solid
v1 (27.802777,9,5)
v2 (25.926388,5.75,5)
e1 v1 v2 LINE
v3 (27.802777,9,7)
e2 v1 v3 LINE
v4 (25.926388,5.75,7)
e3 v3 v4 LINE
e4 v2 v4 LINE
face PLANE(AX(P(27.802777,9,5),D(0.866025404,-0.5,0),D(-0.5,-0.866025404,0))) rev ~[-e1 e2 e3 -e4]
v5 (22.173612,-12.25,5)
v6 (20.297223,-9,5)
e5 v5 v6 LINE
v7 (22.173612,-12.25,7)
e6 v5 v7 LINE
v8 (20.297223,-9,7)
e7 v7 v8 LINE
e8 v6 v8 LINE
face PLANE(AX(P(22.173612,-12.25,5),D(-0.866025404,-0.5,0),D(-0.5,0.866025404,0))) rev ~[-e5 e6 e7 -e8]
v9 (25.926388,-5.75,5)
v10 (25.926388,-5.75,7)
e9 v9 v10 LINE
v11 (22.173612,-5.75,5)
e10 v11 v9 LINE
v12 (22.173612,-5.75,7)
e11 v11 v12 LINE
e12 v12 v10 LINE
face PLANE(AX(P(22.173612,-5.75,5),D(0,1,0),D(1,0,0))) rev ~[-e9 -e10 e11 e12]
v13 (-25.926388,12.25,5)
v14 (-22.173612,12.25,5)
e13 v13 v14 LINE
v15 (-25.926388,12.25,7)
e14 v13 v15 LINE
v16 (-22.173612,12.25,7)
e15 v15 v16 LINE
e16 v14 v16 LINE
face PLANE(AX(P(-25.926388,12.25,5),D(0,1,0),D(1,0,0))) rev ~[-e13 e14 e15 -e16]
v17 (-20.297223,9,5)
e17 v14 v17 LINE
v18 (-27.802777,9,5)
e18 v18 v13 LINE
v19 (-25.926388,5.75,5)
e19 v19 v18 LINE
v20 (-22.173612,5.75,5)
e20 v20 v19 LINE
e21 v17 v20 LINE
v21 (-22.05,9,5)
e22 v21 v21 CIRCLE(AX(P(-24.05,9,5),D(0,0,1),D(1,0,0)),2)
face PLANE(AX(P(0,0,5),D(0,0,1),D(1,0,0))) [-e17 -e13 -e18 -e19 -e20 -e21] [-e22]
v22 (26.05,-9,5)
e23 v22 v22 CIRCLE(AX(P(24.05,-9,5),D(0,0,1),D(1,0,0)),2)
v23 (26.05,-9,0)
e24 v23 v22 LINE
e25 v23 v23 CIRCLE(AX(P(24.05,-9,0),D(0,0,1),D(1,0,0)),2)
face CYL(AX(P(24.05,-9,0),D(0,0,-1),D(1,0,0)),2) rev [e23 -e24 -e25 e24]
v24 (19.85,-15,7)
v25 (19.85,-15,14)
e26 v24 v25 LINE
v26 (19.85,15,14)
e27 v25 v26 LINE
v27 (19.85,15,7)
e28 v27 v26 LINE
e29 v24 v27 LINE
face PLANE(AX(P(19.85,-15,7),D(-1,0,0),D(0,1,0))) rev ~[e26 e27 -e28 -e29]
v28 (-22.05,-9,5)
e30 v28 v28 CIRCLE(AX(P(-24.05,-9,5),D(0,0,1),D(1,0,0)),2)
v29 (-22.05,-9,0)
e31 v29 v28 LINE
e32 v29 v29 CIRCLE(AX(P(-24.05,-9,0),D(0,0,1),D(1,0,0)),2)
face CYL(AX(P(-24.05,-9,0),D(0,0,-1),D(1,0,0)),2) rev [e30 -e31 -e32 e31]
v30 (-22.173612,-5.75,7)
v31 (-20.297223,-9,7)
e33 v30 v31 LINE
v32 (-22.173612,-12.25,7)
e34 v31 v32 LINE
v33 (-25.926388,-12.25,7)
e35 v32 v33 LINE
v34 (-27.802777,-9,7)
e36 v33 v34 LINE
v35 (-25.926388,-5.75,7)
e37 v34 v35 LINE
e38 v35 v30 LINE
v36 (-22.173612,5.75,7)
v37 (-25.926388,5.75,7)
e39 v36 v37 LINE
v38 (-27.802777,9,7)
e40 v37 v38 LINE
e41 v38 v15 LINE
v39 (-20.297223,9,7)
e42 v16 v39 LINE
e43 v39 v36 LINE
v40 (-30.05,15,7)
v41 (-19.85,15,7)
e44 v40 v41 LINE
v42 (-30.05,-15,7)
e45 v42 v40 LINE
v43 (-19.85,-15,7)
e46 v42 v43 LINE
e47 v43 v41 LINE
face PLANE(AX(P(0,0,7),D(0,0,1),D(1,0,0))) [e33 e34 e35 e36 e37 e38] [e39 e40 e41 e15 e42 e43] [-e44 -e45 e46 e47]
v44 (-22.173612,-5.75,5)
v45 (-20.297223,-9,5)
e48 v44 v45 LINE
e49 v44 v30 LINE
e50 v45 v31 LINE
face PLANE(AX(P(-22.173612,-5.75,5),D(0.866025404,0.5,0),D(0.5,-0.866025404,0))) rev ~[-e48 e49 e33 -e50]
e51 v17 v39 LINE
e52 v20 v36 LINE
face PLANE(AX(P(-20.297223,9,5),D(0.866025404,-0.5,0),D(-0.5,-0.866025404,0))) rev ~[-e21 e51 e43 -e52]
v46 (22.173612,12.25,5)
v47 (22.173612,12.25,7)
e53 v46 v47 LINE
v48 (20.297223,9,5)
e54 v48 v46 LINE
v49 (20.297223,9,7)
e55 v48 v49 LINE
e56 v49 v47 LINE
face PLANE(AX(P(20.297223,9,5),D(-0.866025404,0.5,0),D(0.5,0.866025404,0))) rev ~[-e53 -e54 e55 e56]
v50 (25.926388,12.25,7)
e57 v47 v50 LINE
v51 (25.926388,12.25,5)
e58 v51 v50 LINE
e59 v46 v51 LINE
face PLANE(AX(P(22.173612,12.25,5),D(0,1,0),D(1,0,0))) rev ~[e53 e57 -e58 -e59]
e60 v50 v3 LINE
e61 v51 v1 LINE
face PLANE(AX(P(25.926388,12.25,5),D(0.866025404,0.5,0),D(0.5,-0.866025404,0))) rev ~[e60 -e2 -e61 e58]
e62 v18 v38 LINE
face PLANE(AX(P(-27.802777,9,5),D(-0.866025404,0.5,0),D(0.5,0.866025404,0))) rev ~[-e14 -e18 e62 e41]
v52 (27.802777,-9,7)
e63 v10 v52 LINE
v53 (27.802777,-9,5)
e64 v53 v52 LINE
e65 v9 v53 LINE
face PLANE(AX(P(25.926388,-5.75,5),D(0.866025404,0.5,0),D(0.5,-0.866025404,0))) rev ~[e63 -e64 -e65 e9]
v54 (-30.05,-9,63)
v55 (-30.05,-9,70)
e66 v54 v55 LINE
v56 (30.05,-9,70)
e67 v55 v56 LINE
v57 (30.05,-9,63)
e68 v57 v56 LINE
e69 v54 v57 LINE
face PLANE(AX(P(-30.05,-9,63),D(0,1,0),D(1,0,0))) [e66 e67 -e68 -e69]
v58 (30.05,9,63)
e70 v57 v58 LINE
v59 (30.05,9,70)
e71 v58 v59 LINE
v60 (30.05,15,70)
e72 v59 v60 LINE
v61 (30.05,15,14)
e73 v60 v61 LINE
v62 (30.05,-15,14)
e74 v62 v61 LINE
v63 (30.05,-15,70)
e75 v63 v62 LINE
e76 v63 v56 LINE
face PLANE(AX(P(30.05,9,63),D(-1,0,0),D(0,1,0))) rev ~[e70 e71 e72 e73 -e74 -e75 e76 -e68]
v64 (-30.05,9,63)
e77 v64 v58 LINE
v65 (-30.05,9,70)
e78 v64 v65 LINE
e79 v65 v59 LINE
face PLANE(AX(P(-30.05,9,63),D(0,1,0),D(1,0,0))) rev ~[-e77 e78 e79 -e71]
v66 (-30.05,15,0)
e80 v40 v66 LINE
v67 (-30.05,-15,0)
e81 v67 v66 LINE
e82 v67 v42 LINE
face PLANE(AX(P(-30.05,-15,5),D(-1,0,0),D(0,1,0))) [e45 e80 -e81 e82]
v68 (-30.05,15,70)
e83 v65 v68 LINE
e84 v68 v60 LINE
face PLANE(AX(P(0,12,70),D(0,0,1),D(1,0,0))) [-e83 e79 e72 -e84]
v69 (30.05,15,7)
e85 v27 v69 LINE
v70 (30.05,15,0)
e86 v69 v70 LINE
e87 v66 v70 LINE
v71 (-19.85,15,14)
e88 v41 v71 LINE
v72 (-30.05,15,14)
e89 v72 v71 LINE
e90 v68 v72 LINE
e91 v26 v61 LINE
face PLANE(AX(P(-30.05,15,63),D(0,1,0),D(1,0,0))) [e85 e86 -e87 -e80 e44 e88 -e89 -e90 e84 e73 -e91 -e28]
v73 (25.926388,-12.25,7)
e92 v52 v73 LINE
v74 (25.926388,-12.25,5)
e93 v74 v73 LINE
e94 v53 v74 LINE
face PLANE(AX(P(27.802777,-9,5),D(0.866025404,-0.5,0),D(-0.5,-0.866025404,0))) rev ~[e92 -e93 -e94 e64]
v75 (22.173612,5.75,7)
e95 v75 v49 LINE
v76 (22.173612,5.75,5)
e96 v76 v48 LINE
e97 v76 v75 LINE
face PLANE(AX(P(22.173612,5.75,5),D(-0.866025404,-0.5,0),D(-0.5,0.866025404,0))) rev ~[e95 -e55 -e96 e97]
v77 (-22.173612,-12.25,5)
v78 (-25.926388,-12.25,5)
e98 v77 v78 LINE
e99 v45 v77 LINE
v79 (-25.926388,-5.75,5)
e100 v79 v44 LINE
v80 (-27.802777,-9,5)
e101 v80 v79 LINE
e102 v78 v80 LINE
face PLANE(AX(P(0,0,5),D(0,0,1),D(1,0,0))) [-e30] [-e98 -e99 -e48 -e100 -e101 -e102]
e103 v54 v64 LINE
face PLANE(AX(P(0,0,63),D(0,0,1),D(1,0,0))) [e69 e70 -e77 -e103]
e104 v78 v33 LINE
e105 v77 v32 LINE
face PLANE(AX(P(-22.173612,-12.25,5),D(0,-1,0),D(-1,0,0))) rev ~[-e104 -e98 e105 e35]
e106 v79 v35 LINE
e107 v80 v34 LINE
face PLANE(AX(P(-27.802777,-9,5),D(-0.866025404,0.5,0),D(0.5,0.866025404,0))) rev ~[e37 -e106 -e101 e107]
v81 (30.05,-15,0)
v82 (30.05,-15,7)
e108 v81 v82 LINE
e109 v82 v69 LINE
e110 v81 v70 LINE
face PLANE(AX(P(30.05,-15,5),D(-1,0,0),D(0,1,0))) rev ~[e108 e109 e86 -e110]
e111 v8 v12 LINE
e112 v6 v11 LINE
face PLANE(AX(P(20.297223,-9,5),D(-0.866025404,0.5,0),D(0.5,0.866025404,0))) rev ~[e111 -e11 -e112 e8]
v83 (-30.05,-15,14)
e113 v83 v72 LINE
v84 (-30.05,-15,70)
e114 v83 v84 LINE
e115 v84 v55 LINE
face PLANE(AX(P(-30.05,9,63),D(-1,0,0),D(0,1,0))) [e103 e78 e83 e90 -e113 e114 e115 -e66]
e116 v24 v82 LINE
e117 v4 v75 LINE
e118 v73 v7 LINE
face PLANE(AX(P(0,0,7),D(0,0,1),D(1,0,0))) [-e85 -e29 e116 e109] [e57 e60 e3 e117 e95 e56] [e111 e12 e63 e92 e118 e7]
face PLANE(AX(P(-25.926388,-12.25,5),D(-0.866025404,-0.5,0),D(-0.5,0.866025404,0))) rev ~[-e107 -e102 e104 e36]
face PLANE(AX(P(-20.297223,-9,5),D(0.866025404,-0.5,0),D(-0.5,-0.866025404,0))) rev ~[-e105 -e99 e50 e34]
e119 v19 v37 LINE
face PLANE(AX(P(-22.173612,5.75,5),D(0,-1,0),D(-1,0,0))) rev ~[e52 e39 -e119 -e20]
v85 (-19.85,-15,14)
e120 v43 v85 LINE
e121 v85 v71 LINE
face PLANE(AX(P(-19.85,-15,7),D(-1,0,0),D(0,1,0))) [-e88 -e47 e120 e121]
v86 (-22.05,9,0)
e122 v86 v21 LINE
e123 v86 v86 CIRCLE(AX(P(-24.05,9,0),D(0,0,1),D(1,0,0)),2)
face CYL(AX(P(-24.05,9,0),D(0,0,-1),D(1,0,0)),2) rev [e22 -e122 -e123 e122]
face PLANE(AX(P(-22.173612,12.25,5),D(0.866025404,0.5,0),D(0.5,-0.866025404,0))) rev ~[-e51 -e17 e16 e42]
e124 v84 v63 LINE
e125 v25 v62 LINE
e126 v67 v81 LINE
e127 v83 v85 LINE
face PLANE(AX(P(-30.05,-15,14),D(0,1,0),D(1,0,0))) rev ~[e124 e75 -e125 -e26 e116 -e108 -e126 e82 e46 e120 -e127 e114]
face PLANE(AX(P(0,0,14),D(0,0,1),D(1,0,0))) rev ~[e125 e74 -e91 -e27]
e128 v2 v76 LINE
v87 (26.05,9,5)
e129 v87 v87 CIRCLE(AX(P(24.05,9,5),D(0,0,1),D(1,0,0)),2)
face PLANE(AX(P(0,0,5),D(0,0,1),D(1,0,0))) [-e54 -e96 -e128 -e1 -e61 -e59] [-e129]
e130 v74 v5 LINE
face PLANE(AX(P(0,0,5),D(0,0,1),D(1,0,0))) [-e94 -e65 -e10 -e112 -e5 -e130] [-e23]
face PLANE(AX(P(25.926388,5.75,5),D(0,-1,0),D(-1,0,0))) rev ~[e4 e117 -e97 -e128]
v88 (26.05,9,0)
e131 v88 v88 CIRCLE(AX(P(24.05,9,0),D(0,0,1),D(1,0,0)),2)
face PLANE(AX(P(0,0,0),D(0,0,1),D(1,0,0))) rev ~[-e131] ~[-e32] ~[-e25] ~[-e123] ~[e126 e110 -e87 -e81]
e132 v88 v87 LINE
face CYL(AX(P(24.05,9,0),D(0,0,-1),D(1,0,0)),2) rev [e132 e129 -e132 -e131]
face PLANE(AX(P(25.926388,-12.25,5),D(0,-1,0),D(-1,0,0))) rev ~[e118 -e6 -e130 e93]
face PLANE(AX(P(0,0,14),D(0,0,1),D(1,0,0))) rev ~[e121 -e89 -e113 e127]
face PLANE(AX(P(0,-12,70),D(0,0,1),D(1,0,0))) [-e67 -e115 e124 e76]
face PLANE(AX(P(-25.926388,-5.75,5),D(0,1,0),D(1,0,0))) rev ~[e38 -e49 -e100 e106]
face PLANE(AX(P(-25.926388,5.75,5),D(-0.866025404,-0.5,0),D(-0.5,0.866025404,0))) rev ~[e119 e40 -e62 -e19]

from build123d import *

# Parameters (mm, degrees)
F0_W     = 60.1
F0_H     = 30
F0_R     = 2
F1_DEPTH = 5
F2_W     = 60.1
F2_H     = 30
F3_DEPTH = 2
F4_W     = 39.7
F4_H     = 30
F5_DEPTH = 7
F6_W     = 60.1
F6_H     = 30
F7_DEPTH = 49
F8_W     = 60.1
F8_H     = 6
F9_DEPTH = 7


with BuildPart() as f1:
    # F0 (on Top) → F1 (new body)
    with BuildSketch(Plane.XY):
        Rectangle(F0_W, F0_H)
        with Locations((-24.05, -9)):
            Circle(F0_R, mode=Mode.SUBTRACT)
        with Locations((24.05, -9)):
            Circle(F0_R, mode=Mode.SUBTRACT)
        with Locations((-24.05, 9)):
            Circle(F0_R, mode=Mode.SUBTRACT)
        with Locations((24.05, 9)):
            Circle(F0_R, mode=Mode.SUBTRACT)
    extrude(amount=F1_DEPTH)

    # F2 (on face) → F3 (join)
    with BuildSketch(Plane.XY.offset(5)):
        Rectangle(F2_W, F2_H)
        Polygon((-25.9263883749, -5.75), (-22.1736116251, -5.75), (-20.2972232503, -9), (-22.1736116251, -12.25), (-25.9263883749, -12.25), (-27.8027767497, -9), align=None, mode=Mode.SUBTRACT)
        Polygon((20.2972232503, -9), (22.1736116251, -5.75), (25.9263883749, -5.75), (27.8027767497, -9), (25.9263883749, -12.25), (22.1736116251, -12.25), align=None, mode=Mode.SUBTRACT)
        Polygon((-22.1736116251, 5.75), (-25.9263883749, 5.75), (-27.8027767497, 9), (-25.9263883749, 12.25), (-22.1736116251, 12.25), (-20.2972232503, 9), align=None, mode=Mode.SUBTRACT)
        Polygon((25.9263883749, 5.75), (22.1736116251, 5.75), (20.2972232503, 9), (22.1736116251, 12.25), (25.9263883749, 12.25), (27.8027767497, 9), align=None, mode=Mode.SUBTRACT)
    extrude(amount=F3_DEPTH)

    # F4 (on face) → F5 (join)
    with BuildSketch(Plane.XY.offset(7)):
        Rectangle(F4_W, F4_H)
    extrude(amount=F5_DEPTH)

    # F6 (on face) → F7 (join)
    with BuildSketch(Plane.XY.offset(14)):
        Rectangle(F6_W, F6_H)
    extrude(amount=F7_DEPTH)

    # F8 (on face) → F9 (join)
    with BuildSketch(Plane.XY.offset(63)):
        with Locations((0, 12)):
            Rectangle(F8_W, F8_H)
        with Locations((0, -12)):
            Rectangle(F8_W, F8_H)
    extrude(amount=F9_DEPTH)


solid = f1.part
